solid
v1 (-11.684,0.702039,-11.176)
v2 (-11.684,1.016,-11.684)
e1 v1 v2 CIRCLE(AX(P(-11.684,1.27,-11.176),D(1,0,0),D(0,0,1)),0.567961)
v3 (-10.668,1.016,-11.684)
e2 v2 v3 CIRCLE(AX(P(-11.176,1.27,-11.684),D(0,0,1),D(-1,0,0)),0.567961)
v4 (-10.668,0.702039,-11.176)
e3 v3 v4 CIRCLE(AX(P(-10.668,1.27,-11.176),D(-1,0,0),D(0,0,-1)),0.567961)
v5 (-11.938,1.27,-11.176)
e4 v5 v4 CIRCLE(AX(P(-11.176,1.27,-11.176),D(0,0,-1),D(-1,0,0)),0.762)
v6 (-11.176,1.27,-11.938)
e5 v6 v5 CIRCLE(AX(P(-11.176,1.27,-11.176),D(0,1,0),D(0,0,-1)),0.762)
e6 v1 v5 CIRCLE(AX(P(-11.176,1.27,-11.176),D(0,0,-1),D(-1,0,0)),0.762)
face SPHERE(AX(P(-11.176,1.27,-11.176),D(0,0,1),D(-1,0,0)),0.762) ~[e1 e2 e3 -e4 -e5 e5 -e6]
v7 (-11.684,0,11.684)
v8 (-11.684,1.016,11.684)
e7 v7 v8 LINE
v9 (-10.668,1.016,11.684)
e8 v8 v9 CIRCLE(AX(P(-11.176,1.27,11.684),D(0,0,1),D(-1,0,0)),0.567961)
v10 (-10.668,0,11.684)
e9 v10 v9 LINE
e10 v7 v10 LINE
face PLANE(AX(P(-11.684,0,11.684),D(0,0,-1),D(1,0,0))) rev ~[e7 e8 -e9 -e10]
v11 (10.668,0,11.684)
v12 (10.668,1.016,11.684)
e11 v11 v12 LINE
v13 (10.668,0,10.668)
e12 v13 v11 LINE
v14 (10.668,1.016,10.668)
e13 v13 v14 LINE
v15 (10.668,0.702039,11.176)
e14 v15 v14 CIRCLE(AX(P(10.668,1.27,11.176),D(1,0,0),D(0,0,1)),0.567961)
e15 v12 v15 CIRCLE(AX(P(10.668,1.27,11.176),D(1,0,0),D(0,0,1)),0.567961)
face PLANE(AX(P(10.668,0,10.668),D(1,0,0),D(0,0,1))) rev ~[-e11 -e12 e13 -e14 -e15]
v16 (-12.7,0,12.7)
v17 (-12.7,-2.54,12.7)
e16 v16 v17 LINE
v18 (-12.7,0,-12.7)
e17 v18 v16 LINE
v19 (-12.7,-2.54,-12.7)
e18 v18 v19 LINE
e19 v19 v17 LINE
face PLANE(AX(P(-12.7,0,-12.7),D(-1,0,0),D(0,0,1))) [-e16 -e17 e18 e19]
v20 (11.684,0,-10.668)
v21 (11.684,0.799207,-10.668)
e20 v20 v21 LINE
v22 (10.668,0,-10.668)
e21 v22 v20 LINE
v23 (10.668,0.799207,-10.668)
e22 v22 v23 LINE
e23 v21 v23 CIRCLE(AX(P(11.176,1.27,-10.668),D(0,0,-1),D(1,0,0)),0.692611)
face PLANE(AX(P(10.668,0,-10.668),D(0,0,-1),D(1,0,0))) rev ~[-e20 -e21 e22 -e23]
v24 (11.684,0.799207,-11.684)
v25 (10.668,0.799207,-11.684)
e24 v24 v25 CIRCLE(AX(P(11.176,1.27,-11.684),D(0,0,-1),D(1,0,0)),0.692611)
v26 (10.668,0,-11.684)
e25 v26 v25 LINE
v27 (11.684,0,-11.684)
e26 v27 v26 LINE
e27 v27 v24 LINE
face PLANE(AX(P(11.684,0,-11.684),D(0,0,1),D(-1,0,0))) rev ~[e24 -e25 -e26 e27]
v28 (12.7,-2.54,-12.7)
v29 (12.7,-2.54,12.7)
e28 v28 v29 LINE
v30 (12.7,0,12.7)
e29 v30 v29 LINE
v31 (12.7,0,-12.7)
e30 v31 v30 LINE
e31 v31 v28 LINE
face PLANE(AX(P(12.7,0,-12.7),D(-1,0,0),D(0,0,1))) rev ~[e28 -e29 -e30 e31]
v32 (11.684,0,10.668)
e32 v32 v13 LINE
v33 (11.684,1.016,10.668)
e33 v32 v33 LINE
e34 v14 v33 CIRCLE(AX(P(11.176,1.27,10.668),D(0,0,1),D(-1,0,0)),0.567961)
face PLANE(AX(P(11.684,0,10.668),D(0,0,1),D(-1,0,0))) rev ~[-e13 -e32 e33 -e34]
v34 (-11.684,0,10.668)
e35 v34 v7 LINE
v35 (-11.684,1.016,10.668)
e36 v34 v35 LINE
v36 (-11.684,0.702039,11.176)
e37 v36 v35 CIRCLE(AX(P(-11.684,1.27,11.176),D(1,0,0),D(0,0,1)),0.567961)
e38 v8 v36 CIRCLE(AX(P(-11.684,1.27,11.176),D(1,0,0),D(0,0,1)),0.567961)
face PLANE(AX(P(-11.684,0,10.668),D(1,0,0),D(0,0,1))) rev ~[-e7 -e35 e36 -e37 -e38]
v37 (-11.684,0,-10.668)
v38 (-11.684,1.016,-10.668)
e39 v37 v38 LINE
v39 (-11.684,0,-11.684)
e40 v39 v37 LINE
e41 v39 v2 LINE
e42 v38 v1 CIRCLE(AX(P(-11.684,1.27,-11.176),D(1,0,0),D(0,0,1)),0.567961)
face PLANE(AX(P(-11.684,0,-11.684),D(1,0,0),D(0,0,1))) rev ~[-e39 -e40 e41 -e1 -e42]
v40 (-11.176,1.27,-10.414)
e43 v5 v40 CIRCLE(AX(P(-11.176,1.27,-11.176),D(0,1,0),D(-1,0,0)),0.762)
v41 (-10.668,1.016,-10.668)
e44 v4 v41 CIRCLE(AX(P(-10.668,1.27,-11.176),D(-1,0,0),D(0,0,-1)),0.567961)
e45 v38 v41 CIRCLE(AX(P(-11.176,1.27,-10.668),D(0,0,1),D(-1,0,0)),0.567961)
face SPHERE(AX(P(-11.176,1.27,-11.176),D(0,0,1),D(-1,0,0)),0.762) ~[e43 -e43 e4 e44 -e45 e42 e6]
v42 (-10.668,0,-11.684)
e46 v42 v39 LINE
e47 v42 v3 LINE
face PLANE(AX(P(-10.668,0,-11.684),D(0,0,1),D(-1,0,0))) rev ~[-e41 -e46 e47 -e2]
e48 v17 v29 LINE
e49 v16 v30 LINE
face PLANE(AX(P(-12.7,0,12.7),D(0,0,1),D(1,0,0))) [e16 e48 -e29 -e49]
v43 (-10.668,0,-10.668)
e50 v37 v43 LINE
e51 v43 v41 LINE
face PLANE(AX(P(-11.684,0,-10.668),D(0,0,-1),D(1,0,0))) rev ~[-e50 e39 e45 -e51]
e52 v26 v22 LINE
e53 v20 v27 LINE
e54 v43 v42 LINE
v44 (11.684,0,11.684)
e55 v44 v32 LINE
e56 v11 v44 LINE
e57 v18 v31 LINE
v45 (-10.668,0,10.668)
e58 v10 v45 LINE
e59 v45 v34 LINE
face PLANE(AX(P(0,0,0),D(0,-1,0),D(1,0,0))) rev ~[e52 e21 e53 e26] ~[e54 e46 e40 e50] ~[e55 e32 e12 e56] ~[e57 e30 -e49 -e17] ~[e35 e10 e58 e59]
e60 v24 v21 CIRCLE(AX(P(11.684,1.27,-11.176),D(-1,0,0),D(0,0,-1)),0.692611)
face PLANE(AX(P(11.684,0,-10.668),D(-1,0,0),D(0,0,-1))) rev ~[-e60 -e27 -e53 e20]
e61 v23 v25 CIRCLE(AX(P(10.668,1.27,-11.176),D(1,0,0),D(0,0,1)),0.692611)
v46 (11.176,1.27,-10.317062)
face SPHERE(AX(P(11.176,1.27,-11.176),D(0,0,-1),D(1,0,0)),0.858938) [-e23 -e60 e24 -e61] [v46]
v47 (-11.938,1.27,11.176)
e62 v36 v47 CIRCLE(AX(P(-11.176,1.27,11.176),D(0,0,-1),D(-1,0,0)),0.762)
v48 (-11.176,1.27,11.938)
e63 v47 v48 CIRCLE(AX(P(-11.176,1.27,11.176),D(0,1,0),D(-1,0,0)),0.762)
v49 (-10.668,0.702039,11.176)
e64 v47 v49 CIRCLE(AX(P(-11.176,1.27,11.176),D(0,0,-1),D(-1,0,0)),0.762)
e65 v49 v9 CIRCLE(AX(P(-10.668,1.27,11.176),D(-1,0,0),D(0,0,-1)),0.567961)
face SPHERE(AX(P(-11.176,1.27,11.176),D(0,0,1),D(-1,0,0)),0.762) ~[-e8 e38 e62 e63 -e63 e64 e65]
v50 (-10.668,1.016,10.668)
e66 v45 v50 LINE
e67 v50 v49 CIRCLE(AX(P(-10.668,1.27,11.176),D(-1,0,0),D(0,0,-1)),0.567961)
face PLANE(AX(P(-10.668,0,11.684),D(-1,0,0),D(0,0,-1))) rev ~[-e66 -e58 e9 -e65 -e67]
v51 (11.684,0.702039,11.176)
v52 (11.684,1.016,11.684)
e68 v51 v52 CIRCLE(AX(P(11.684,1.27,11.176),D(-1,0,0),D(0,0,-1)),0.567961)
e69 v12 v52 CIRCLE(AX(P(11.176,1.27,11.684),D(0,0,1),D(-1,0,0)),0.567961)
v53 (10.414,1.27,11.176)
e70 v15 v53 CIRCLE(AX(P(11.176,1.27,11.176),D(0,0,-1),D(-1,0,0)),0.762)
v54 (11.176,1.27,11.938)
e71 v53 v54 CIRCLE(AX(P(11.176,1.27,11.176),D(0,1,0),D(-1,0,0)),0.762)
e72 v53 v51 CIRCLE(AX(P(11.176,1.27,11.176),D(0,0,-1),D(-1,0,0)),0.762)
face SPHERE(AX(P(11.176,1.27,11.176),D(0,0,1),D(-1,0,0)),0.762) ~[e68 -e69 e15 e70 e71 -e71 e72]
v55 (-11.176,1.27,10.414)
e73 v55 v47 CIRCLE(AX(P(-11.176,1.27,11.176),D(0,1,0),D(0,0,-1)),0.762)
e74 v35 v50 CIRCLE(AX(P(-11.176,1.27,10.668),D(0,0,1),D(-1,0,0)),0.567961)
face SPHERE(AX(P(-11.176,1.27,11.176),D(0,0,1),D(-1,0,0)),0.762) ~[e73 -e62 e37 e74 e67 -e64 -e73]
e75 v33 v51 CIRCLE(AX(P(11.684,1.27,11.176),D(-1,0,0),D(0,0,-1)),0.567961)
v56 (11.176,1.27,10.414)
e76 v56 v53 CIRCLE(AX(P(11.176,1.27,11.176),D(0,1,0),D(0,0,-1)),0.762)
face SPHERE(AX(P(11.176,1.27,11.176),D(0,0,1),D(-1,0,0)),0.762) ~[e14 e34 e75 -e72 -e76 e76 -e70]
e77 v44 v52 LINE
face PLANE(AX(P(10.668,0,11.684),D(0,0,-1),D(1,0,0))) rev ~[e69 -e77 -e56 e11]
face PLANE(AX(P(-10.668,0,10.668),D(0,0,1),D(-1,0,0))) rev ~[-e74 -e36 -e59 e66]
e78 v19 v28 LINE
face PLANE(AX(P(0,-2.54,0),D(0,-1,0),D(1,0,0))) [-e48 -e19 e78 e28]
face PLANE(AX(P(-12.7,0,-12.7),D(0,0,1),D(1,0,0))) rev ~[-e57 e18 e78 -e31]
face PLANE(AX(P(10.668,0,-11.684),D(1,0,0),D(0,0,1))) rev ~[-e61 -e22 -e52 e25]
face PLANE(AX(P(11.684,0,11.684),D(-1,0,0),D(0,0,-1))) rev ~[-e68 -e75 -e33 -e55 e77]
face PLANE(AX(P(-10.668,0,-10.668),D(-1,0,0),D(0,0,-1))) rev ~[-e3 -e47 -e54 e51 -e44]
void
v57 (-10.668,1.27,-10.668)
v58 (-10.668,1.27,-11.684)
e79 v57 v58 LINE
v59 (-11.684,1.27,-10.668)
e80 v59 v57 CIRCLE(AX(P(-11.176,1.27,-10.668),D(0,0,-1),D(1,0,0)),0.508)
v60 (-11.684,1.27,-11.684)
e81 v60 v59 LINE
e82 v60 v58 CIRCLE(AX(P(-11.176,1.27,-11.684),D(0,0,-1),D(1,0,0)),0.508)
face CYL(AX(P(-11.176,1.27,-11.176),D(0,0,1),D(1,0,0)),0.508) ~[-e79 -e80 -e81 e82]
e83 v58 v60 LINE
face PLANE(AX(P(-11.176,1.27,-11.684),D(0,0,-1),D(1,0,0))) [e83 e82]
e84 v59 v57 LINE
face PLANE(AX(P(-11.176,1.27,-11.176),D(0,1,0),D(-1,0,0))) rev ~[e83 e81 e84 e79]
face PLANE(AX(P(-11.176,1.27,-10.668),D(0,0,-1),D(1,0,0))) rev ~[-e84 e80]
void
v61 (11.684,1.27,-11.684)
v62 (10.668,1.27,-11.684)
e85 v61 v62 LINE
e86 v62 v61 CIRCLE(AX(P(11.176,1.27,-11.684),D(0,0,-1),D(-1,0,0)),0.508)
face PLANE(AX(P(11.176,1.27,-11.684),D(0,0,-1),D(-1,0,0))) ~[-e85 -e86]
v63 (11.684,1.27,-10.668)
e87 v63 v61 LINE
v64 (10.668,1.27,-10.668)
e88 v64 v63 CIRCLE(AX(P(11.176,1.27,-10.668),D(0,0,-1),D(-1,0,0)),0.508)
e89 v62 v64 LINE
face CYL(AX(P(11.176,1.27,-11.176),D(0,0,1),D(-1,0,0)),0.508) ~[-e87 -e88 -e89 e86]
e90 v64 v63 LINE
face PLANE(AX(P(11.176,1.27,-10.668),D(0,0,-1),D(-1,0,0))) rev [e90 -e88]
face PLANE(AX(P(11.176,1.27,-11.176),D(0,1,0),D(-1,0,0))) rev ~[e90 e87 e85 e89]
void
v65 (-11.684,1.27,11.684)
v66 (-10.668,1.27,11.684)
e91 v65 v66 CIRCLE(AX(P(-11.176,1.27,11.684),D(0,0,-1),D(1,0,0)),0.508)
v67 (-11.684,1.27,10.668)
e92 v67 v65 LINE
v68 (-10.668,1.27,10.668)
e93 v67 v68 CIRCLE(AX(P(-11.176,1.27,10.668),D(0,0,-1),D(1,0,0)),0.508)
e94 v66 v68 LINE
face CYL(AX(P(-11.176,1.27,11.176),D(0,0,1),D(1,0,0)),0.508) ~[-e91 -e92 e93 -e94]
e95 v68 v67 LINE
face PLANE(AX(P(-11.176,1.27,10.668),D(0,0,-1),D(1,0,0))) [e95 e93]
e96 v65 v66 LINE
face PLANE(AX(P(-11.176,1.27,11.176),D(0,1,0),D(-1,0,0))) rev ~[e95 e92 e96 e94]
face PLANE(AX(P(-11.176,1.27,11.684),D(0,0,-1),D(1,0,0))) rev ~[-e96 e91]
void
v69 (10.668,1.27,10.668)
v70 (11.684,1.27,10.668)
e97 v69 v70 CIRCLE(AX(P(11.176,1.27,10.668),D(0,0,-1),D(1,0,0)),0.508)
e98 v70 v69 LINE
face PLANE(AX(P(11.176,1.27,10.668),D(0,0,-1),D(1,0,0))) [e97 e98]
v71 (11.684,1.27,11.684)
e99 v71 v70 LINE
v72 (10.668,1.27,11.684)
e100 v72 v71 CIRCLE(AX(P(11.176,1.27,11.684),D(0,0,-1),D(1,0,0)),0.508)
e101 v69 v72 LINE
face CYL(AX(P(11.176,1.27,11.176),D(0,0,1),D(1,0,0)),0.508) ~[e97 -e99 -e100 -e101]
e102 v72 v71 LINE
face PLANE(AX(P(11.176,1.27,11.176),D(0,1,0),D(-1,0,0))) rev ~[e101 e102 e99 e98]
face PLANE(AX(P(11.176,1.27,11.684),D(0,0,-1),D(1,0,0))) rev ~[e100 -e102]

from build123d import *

# Parameters (mm, degrees)
F0_W     = 25.4
F0_H     = 25.4
F1_DEPTH = 2.54
F3_DEPTH = 1.27
F4_W     = 0.508
F4_H     = 1.016
F6_W     = 0.508
F6_H     = 1.016
F8_W     = 0.508
F8_H     = 1.016
F10_W    = 0.508
F10_H    = 1.016


with BuildPart() as f1:
    # F0 (on Front) → F1 (new body)
    with BuildSketch(Plane.XZ):
        Rectangle(F0_W, F0_H)
    extrude(amount=F1_DEPTH)

    # F2 (on face) → F3 (join)
    with BuildSketch(Plane(origin=(0, 0, 0), x_dir=(-1, 0, 0), z_dir=(0, 1, 0))):
        Polygon((-10.668, 10.668), (-10.668, 11.684), (-11.176, 11.684), (-11.684, 11.684), (-11.684, 10.668), align=None)
        Polygon((11.684, 10.668), (11.684, 11.684), (11.176, 11.684), (10.668, 11.684), (10.668, 10.668), align=None)
        Polygon((-10.668, -11.684), (-10.668, -10.668), (-11.684, -10.668), (-11.684, -11.684), (-11.176, -11.684), align=None)
        Polygon((11.684, -11.684), (11.684, -10.668), (10.668, -10.668), (10.668, -11.684), (11.176, -11.684), align=None)
    extrude(amount=F3_DEPTH)

    # F4 (on face) → F5 (revolve)
    with BuildSketch(Plane(origin=(0, 1.27, 0), x_dir=(-1, 0, 0), z_dir=(0, 1, 0))):
        with BuildLine():
            ThreePointArc((-11.176, 10.414), (-10.6371846327, 10.6371846327), (-10.414, 11.176))
            ThreePointArc((-10.414, 11.176), (-10.6371846327, 11.7148153673), (-11.176, 11.938))
            Line((-11.176, 11.938), (-11.176, 11.684))
            Line((-11.176, 11.684), (-10.668, 11.684))
            Line((-10.668, 11.684), (-10.668, 10.668))
            Line((-10.668, 10.668), (-11.176, 10.668))
            Line((-11.176, 10.668), (-11.176, 10.414))
        make_face()
        with Locations((-10.922, 11.176)):
            Rectangle(F4_W, F4_H)
        with Locations((-11.43, 11.176)):
            Rectangle(F4_W, F4_H)
    revolve(axis=Axis((11.176, 1.27, 11.176), (0, 0, -1)))

    # F6 (on face) → F7 (revolve)
    with BuildSketch(Plane(origin=(0, 1.27, 0), x_dir=(-1, 0, 0), z_dir=(0, 1, 0))):
        with BuildLine():
            ThreePointArc((11.176, 10.414), (11.7148153673, 10.6371846327), (11.938, 11.176))
            ThreePointArc((11.938, 11.176), (11.7148153673, 11.7148153673), (11.176, 11.938))
            Line((11.176, 11.938), (11.176, 11.684))
            Line((11.176, 11.684), (11.684, 11.684))
            Line((11.684, 11.684), (11.684, 10.668))
            Line((11.684, 10.668), (11.176, 10.668))
            Line((11.176, 10.668), (11.176, 10.414))
        make_face()
        with Locations((11.43, 11.176)):
            Rectangle(F6_W, F6_H)
        with Locations((10.922, 11.176)):
            Rectangle(F6_W, F6_H)
    revolve(axis=Axis((-11.176, 1.27, 11.176), (0, 0, -1)))

    # F8 (on face) → F9 (revolve)
    with BuildSketch(Plane(origin=(0, 1.27, 0), x_dir=(-1, 0, 0), z_dir=(0, 1, 0))):
        with BuildLine():
            ThreePointArc((11.176, -11.938), (11.7148153673, -11.7148153673), (11.938, -11.176))
            ThreePointArc((11.938, -11.176), (11.7148153673, -10.6371846327), (11.176, -10.414))
            Line((11.176, -10.414), (11.176, -10.668))
            Line((11.176, -10.668), (11.684, -10.668))
            Line((11.684, -10.668), (11.684, -11.684))
            Line((11.684, -11.684), (11.176, -11.684))
            Line((11.176, -11.684), (11.176, -11.938))
        make_face()
        with Locations((11.43, -11.176)):
            Rectangle(F8_W, F8_H)
        with Locations((10.922, -11.176)):
            Rectangle(F8_W, F8_H)
    revolve(axis=Axis((-11.176, 1.27, -11.176), (0, 0, -1)))

    # F10 (on face) → F11 (revolve)
    with BuildSketch(Plane(origin=(0, 1.27, 0), x_dir=(-1, 0, 0), z_dir=(0, 1, 0))):
        with BuildLine():
            Line((-11.176, -10.668), (-11.176, -10.3170624905))
            ThreePointArc((-11.176, -10.3170624905), (-12.0349375095, -11.176), (-11.176, -12.0349375095))
            Line((-11.176, -12.0349375095), (-11.176, -11.684))
            Line((-11.176, -11.684), (-11.684, -11.684))
            Line((-11.684, -11.684), (-11.684, -10.668))
            Line((-11.684, -10.668), (-11.176, -10.668))
        make_face()
        with Locations((-10.922, -11.176)):
            Rectangle(F10_W, F10_H)
        with Locations((-11.43, -11.176)):
            Rectangle(F10_W, F10_H)
    revolve(axis=Axis((11.176, 1.27, -11.176), (0, 0, -1)))


solid = f1.part
